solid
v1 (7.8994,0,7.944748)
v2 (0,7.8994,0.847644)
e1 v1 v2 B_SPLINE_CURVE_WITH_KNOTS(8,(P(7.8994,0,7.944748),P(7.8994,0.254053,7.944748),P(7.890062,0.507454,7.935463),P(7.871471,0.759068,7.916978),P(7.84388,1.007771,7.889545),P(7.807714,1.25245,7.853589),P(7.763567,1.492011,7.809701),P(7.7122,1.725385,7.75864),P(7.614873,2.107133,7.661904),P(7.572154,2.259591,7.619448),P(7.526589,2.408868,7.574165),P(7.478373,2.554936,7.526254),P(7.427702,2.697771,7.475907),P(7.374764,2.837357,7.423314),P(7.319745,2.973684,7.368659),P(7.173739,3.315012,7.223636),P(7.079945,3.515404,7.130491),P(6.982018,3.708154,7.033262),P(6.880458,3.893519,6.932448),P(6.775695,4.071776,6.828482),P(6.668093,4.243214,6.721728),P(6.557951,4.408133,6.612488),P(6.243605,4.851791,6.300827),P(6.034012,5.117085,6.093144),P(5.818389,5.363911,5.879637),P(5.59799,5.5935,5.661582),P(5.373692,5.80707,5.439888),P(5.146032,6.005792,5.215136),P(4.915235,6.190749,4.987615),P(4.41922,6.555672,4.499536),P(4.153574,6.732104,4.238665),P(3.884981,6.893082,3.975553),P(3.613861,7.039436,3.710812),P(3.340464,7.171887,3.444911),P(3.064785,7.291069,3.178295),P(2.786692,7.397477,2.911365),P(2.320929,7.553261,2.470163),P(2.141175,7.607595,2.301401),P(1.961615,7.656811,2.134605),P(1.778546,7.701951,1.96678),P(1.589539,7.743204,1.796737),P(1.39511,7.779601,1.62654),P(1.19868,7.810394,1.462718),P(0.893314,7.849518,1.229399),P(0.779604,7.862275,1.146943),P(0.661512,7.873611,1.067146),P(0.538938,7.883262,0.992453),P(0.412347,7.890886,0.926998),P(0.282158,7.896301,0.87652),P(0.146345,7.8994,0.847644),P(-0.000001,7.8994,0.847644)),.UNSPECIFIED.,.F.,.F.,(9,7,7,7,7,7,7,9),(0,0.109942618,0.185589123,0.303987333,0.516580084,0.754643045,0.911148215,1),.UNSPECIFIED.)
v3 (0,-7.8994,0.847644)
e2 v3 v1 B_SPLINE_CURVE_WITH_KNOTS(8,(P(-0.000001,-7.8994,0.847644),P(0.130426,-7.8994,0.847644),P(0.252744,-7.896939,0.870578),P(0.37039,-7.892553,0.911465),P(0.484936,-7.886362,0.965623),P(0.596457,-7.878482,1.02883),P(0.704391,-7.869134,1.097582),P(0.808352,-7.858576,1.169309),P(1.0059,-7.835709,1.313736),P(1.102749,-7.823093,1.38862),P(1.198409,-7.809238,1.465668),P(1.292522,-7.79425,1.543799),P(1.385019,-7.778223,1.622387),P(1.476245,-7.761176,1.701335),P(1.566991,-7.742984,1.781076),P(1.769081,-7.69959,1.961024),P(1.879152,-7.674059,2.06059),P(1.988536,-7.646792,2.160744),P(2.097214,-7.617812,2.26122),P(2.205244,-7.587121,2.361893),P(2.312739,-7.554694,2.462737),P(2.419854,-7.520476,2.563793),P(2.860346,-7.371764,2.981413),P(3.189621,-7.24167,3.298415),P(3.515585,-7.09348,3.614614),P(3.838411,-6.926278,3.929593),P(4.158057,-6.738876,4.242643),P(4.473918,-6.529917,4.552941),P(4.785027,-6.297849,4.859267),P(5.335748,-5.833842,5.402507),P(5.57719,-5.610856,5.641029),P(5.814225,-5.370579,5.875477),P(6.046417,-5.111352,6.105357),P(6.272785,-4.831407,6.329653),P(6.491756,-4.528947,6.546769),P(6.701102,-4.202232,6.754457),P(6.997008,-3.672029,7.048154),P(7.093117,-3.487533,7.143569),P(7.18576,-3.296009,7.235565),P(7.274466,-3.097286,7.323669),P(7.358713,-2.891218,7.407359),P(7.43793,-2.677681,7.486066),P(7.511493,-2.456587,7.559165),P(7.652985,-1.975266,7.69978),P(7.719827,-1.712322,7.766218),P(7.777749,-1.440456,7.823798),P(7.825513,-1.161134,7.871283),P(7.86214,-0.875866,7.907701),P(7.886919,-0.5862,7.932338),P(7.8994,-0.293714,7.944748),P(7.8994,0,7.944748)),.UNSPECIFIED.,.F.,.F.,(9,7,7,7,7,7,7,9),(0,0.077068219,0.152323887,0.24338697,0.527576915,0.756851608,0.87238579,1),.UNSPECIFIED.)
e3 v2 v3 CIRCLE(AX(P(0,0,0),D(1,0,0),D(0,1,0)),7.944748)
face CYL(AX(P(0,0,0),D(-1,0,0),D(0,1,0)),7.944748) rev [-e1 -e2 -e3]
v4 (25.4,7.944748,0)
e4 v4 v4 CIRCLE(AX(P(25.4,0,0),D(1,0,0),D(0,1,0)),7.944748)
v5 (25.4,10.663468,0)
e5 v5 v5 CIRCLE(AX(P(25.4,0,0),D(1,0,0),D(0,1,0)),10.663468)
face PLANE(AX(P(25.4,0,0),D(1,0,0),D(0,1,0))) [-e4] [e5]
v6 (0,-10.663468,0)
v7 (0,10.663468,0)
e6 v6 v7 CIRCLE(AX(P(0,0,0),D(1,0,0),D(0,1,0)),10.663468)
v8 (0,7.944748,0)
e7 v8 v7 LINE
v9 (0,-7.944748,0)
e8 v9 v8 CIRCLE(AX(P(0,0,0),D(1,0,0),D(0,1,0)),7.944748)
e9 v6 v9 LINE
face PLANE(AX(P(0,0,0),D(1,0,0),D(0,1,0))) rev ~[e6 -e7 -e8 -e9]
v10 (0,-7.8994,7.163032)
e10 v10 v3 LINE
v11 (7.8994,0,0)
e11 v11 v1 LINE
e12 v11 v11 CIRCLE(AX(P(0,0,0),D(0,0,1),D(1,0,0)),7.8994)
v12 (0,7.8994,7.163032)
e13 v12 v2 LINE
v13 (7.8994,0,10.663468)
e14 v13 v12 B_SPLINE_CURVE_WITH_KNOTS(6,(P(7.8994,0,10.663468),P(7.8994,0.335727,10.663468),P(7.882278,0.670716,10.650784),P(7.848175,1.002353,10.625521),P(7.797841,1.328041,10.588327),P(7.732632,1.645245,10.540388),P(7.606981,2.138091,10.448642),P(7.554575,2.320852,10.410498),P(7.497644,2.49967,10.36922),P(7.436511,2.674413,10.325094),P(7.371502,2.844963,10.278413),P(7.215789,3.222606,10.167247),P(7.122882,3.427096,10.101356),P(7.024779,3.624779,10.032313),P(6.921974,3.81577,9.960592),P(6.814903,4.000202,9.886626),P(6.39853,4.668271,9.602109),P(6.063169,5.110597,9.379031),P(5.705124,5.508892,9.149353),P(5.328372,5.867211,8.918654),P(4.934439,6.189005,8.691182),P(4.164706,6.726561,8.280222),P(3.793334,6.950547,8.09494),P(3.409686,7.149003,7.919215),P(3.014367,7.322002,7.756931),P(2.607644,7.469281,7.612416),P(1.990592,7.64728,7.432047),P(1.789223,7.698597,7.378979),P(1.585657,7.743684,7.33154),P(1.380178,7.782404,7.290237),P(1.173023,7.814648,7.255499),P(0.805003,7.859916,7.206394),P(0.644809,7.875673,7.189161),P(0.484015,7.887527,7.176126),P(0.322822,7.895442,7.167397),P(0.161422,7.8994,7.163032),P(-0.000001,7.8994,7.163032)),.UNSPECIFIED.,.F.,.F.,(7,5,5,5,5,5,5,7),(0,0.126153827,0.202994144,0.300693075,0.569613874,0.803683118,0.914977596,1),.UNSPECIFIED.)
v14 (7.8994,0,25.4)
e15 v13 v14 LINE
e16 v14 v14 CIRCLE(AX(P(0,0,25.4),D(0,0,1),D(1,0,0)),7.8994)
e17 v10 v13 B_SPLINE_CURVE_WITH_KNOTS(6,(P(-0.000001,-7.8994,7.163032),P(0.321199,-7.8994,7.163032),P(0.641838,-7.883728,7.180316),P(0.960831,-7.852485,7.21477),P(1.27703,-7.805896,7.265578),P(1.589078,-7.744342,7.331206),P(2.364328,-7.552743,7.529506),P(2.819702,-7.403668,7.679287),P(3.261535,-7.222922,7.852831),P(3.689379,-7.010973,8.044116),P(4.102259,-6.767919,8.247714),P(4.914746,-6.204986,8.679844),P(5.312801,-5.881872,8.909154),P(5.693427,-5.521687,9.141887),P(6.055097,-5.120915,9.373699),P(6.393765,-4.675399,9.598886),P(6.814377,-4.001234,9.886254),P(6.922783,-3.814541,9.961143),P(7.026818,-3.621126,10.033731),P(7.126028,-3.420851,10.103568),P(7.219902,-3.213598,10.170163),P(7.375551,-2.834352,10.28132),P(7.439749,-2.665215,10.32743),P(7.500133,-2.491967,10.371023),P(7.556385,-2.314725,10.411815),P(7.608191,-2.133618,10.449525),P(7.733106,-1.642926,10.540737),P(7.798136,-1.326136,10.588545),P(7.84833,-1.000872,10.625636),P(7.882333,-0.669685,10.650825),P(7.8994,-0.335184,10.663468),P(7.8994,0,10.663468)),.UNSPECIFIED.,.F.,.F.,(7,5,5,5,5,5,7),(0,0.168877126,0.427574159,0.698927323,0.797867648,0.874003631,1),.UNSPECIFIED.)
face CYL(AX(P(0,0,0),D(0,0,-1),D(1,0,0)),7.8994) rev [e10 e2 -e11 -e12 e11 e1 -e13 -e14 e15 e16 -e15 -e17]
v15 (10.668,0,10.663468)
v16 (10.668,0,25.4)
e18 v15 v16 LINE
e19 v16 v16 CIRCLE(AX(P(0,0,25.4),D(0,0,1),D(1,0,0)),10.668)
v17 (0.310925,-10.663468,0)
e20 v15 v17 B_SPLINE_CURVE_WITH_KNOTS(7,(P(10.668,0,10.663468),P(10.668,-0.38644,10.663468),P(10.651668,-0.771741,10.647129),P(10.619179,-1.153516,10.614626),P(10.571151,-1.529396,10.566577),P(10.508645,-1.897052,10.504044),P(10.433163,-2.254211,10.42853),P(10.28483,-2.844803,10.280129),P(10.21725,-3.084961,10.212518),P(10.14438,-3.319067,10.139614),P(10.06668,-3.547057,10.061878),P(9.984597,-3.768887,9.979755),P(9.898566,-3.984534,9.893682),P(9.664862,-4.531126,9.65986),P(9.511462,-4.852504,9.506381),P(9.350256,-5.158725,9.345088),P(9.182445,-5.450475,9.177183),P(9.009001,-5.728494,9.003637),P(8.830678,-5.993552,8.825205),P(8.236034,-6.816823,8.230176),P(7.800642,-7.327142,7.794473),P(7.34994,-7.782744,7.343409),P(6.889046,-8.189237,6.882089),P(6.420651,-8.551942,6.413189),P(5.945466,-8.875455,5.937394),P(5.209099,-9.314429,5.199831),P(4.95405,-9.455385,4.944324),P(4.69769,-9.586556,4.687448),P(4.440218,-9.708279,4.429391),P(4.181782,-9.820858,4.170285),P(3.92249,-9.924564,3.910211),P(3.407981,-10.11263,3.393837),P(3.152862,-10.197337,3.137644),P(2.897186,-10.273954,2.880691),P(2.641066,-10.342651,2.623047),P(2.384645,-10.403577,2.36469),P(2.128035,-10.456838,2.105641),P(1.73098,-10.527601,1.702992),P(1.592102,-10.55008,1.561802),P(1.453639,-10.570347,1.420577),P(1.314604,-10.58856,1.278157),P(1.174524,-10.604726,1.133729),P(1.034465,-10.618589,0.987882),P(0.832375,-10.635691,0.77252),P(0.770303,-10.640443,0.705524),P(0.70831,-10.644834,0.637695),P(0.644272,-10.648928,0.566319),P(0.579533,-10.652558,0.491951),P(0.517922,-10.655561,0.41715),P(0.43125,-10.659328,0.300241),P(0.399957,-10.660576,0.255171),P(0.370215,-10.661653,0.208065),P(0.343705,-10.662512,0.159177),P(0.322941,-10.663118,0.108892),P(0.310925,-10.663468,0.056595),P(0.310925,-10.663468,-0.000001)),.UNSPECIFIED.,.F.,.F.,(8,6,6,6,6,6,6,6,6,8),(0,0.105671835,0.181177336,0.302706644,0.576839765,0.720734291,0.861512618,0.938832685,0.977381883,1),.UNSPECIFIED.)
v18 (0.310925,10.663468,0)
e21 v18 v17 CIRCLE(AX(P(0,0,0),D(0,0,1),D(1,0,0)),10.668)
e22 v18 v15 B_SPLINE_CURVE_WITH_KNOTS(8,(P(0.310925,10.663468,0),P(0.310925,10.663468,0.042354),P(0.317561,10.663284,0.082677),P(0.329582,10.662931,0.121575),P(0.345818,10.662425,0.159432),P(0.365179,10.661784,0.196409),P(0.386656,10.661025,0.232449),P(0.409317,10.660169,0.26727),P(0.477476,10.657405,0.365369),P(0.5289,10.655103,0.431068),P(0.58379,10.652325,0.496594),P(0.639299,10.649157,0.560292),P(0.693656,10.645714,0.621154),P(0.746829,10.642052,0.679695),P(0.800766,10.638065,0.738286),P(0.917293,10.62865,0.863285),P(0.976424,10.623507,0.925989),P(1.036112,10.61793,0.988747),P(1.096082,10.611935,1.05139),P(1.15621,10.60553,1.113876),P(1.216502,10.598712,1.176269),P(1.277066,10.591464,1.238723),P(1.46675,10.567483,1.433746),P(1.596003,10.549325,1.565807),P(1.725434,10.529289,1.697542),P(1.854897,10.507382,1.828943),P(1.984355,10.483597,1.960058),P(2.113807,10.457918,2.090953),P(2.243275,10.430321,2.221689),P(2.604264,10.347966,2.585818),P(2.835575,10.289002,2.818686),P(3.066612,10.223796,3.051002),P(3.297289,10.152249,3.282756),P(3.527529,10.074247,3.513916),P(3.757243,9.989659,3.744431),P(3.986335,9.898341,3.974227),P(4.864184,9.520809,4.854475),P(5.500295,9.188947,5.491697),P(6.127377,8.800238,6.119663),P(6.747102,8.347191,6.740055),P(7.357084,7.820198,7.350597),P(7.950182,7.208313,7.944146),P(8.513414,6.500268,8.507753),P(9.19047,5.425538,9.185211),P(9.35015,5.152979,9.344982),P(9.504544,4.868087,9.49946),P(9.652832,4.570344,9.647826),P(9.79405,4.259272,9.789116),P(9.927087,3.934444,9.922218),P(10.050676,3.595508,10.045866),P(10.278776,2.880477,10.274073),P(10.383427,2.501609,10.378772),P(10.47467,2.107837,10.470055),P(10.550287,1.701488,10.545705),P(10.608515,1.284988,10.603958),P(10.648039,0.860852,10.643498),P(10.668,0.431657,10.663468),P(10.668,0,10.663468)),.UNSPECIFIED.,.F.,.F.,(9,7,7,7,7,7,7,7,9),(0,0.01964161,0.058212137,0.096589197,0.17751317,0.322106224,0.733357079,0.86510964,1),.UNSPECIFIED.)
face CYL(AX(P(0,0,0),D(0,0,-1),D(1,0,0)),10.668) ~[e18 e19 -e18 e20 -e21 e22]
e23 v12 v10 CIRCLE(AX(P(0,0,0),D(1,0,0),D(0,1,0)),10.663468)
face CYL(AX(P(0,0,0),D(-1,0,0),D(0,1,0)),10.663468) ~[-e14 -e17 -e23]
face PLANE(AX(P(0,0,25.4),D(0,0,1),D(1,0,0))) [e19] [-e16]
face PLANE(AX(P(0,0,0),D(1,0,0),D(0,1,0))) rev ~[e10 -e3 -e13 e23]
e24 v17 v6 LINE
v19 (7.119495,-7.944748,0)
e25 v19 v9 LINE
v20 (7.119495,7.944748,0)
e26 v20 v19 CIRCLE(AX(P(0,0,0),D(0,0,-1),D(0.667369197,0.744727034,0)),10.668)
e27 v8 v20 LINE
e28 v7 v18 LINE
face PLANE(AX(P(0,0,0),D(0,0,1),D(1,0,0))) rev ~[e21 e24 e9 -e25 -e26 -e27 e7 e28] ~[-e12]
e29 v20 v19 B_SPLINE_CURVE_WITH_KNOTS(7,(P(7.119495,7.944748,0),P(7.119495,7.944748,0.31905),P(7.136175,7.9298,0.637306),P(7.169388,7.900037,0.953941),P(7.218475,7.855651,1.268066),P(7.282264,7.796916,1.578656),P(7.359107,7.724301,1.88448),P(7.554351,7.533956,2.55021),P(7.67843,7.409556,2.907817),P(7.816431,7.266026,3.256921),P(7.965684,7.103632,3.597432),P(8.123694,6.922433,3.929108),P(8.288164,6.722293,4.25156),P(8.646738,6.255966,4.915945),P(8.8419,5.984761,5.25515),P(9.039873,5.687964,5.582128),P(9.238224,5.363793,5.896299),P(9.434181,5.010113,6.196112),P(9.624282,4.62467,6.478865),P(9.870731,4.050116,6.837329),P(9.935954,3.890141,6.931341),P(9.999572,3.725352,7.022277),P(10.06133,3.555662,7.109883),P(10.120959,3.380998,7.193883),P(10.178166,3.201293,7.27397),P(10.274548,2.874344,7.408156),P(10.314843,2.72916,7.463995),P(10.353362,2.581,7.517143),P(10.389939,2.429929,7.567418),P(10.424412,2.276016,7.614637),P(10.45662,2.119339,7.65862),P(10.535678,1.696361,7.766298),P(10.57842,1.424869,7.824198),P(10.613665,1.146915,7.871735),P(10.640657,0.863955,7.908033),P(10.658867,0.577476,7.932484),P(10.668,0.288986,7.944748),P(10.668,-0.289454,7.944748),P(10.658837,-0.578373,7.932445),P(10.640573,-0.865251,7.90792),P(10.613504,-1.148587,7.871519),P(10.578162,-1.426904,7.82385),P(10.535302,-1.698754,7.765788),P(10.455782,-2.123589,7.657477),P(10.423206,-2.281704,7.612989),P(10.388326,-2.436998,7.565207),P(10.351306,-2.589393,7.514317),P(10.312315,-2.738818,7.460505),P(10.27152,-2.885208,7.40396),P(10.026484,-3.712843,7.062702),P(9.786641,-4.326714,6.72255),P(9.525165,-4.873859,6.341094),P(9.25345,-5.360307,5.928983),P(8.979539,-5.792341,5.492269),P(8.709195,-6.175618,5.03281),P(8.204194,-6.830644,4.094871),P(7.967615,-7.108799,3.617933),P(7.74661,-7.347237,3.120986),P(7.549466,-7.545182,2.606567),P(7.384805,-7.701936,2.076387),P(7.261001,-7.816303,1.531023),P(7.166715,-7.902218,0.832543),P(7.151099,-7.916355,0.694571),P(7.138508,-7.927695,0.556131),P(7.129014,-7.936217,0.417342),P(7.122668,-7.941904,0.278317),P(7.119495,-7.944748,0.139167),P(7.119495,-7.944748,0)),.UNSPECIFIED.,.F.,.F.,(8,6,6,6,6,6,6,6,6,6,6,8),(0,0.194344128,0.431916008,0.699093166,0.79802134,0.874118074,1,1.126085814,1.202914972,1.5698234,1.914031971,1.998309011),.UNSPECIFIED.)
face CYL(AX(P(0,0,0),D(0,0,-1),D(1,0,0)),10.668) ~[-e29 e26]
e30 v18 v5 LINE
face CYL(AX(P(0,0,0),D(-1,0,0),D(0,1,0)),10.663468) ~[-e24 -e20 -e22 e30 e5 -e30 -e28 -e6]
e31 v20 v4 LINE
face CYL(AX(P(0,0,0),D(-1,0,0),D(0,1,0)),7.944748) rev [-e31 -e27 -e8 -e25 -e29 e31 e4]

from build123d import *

# Parameters (mm, degrees)
F0_R     = 10.668
F0_R_2   = 7.8994
F1_DEPTH = 25.4
F2_R     = 10.663468
F2_R_2   = 7.944748
F3_DEPTH = 25.4


with BuildPart() as f1:
    # F0 (on Top) → F1 (new body)
    with BuildSketch(Plane.XY):
        Circle(F0_R)
        Circle(F0_R_2, mode=Mode.SUBTRACT)
    extrude(amount=F1_DEPTH)

    # F2 (on Right) → F3 (join)
    with BuildSketch(Plane.YZ):
        Circle(F2_R)
        Circle(F2_R_2, mode=Mode.SUBTRACT)
    extrude(amount=F3_DEPTH)


solid = f1.part
